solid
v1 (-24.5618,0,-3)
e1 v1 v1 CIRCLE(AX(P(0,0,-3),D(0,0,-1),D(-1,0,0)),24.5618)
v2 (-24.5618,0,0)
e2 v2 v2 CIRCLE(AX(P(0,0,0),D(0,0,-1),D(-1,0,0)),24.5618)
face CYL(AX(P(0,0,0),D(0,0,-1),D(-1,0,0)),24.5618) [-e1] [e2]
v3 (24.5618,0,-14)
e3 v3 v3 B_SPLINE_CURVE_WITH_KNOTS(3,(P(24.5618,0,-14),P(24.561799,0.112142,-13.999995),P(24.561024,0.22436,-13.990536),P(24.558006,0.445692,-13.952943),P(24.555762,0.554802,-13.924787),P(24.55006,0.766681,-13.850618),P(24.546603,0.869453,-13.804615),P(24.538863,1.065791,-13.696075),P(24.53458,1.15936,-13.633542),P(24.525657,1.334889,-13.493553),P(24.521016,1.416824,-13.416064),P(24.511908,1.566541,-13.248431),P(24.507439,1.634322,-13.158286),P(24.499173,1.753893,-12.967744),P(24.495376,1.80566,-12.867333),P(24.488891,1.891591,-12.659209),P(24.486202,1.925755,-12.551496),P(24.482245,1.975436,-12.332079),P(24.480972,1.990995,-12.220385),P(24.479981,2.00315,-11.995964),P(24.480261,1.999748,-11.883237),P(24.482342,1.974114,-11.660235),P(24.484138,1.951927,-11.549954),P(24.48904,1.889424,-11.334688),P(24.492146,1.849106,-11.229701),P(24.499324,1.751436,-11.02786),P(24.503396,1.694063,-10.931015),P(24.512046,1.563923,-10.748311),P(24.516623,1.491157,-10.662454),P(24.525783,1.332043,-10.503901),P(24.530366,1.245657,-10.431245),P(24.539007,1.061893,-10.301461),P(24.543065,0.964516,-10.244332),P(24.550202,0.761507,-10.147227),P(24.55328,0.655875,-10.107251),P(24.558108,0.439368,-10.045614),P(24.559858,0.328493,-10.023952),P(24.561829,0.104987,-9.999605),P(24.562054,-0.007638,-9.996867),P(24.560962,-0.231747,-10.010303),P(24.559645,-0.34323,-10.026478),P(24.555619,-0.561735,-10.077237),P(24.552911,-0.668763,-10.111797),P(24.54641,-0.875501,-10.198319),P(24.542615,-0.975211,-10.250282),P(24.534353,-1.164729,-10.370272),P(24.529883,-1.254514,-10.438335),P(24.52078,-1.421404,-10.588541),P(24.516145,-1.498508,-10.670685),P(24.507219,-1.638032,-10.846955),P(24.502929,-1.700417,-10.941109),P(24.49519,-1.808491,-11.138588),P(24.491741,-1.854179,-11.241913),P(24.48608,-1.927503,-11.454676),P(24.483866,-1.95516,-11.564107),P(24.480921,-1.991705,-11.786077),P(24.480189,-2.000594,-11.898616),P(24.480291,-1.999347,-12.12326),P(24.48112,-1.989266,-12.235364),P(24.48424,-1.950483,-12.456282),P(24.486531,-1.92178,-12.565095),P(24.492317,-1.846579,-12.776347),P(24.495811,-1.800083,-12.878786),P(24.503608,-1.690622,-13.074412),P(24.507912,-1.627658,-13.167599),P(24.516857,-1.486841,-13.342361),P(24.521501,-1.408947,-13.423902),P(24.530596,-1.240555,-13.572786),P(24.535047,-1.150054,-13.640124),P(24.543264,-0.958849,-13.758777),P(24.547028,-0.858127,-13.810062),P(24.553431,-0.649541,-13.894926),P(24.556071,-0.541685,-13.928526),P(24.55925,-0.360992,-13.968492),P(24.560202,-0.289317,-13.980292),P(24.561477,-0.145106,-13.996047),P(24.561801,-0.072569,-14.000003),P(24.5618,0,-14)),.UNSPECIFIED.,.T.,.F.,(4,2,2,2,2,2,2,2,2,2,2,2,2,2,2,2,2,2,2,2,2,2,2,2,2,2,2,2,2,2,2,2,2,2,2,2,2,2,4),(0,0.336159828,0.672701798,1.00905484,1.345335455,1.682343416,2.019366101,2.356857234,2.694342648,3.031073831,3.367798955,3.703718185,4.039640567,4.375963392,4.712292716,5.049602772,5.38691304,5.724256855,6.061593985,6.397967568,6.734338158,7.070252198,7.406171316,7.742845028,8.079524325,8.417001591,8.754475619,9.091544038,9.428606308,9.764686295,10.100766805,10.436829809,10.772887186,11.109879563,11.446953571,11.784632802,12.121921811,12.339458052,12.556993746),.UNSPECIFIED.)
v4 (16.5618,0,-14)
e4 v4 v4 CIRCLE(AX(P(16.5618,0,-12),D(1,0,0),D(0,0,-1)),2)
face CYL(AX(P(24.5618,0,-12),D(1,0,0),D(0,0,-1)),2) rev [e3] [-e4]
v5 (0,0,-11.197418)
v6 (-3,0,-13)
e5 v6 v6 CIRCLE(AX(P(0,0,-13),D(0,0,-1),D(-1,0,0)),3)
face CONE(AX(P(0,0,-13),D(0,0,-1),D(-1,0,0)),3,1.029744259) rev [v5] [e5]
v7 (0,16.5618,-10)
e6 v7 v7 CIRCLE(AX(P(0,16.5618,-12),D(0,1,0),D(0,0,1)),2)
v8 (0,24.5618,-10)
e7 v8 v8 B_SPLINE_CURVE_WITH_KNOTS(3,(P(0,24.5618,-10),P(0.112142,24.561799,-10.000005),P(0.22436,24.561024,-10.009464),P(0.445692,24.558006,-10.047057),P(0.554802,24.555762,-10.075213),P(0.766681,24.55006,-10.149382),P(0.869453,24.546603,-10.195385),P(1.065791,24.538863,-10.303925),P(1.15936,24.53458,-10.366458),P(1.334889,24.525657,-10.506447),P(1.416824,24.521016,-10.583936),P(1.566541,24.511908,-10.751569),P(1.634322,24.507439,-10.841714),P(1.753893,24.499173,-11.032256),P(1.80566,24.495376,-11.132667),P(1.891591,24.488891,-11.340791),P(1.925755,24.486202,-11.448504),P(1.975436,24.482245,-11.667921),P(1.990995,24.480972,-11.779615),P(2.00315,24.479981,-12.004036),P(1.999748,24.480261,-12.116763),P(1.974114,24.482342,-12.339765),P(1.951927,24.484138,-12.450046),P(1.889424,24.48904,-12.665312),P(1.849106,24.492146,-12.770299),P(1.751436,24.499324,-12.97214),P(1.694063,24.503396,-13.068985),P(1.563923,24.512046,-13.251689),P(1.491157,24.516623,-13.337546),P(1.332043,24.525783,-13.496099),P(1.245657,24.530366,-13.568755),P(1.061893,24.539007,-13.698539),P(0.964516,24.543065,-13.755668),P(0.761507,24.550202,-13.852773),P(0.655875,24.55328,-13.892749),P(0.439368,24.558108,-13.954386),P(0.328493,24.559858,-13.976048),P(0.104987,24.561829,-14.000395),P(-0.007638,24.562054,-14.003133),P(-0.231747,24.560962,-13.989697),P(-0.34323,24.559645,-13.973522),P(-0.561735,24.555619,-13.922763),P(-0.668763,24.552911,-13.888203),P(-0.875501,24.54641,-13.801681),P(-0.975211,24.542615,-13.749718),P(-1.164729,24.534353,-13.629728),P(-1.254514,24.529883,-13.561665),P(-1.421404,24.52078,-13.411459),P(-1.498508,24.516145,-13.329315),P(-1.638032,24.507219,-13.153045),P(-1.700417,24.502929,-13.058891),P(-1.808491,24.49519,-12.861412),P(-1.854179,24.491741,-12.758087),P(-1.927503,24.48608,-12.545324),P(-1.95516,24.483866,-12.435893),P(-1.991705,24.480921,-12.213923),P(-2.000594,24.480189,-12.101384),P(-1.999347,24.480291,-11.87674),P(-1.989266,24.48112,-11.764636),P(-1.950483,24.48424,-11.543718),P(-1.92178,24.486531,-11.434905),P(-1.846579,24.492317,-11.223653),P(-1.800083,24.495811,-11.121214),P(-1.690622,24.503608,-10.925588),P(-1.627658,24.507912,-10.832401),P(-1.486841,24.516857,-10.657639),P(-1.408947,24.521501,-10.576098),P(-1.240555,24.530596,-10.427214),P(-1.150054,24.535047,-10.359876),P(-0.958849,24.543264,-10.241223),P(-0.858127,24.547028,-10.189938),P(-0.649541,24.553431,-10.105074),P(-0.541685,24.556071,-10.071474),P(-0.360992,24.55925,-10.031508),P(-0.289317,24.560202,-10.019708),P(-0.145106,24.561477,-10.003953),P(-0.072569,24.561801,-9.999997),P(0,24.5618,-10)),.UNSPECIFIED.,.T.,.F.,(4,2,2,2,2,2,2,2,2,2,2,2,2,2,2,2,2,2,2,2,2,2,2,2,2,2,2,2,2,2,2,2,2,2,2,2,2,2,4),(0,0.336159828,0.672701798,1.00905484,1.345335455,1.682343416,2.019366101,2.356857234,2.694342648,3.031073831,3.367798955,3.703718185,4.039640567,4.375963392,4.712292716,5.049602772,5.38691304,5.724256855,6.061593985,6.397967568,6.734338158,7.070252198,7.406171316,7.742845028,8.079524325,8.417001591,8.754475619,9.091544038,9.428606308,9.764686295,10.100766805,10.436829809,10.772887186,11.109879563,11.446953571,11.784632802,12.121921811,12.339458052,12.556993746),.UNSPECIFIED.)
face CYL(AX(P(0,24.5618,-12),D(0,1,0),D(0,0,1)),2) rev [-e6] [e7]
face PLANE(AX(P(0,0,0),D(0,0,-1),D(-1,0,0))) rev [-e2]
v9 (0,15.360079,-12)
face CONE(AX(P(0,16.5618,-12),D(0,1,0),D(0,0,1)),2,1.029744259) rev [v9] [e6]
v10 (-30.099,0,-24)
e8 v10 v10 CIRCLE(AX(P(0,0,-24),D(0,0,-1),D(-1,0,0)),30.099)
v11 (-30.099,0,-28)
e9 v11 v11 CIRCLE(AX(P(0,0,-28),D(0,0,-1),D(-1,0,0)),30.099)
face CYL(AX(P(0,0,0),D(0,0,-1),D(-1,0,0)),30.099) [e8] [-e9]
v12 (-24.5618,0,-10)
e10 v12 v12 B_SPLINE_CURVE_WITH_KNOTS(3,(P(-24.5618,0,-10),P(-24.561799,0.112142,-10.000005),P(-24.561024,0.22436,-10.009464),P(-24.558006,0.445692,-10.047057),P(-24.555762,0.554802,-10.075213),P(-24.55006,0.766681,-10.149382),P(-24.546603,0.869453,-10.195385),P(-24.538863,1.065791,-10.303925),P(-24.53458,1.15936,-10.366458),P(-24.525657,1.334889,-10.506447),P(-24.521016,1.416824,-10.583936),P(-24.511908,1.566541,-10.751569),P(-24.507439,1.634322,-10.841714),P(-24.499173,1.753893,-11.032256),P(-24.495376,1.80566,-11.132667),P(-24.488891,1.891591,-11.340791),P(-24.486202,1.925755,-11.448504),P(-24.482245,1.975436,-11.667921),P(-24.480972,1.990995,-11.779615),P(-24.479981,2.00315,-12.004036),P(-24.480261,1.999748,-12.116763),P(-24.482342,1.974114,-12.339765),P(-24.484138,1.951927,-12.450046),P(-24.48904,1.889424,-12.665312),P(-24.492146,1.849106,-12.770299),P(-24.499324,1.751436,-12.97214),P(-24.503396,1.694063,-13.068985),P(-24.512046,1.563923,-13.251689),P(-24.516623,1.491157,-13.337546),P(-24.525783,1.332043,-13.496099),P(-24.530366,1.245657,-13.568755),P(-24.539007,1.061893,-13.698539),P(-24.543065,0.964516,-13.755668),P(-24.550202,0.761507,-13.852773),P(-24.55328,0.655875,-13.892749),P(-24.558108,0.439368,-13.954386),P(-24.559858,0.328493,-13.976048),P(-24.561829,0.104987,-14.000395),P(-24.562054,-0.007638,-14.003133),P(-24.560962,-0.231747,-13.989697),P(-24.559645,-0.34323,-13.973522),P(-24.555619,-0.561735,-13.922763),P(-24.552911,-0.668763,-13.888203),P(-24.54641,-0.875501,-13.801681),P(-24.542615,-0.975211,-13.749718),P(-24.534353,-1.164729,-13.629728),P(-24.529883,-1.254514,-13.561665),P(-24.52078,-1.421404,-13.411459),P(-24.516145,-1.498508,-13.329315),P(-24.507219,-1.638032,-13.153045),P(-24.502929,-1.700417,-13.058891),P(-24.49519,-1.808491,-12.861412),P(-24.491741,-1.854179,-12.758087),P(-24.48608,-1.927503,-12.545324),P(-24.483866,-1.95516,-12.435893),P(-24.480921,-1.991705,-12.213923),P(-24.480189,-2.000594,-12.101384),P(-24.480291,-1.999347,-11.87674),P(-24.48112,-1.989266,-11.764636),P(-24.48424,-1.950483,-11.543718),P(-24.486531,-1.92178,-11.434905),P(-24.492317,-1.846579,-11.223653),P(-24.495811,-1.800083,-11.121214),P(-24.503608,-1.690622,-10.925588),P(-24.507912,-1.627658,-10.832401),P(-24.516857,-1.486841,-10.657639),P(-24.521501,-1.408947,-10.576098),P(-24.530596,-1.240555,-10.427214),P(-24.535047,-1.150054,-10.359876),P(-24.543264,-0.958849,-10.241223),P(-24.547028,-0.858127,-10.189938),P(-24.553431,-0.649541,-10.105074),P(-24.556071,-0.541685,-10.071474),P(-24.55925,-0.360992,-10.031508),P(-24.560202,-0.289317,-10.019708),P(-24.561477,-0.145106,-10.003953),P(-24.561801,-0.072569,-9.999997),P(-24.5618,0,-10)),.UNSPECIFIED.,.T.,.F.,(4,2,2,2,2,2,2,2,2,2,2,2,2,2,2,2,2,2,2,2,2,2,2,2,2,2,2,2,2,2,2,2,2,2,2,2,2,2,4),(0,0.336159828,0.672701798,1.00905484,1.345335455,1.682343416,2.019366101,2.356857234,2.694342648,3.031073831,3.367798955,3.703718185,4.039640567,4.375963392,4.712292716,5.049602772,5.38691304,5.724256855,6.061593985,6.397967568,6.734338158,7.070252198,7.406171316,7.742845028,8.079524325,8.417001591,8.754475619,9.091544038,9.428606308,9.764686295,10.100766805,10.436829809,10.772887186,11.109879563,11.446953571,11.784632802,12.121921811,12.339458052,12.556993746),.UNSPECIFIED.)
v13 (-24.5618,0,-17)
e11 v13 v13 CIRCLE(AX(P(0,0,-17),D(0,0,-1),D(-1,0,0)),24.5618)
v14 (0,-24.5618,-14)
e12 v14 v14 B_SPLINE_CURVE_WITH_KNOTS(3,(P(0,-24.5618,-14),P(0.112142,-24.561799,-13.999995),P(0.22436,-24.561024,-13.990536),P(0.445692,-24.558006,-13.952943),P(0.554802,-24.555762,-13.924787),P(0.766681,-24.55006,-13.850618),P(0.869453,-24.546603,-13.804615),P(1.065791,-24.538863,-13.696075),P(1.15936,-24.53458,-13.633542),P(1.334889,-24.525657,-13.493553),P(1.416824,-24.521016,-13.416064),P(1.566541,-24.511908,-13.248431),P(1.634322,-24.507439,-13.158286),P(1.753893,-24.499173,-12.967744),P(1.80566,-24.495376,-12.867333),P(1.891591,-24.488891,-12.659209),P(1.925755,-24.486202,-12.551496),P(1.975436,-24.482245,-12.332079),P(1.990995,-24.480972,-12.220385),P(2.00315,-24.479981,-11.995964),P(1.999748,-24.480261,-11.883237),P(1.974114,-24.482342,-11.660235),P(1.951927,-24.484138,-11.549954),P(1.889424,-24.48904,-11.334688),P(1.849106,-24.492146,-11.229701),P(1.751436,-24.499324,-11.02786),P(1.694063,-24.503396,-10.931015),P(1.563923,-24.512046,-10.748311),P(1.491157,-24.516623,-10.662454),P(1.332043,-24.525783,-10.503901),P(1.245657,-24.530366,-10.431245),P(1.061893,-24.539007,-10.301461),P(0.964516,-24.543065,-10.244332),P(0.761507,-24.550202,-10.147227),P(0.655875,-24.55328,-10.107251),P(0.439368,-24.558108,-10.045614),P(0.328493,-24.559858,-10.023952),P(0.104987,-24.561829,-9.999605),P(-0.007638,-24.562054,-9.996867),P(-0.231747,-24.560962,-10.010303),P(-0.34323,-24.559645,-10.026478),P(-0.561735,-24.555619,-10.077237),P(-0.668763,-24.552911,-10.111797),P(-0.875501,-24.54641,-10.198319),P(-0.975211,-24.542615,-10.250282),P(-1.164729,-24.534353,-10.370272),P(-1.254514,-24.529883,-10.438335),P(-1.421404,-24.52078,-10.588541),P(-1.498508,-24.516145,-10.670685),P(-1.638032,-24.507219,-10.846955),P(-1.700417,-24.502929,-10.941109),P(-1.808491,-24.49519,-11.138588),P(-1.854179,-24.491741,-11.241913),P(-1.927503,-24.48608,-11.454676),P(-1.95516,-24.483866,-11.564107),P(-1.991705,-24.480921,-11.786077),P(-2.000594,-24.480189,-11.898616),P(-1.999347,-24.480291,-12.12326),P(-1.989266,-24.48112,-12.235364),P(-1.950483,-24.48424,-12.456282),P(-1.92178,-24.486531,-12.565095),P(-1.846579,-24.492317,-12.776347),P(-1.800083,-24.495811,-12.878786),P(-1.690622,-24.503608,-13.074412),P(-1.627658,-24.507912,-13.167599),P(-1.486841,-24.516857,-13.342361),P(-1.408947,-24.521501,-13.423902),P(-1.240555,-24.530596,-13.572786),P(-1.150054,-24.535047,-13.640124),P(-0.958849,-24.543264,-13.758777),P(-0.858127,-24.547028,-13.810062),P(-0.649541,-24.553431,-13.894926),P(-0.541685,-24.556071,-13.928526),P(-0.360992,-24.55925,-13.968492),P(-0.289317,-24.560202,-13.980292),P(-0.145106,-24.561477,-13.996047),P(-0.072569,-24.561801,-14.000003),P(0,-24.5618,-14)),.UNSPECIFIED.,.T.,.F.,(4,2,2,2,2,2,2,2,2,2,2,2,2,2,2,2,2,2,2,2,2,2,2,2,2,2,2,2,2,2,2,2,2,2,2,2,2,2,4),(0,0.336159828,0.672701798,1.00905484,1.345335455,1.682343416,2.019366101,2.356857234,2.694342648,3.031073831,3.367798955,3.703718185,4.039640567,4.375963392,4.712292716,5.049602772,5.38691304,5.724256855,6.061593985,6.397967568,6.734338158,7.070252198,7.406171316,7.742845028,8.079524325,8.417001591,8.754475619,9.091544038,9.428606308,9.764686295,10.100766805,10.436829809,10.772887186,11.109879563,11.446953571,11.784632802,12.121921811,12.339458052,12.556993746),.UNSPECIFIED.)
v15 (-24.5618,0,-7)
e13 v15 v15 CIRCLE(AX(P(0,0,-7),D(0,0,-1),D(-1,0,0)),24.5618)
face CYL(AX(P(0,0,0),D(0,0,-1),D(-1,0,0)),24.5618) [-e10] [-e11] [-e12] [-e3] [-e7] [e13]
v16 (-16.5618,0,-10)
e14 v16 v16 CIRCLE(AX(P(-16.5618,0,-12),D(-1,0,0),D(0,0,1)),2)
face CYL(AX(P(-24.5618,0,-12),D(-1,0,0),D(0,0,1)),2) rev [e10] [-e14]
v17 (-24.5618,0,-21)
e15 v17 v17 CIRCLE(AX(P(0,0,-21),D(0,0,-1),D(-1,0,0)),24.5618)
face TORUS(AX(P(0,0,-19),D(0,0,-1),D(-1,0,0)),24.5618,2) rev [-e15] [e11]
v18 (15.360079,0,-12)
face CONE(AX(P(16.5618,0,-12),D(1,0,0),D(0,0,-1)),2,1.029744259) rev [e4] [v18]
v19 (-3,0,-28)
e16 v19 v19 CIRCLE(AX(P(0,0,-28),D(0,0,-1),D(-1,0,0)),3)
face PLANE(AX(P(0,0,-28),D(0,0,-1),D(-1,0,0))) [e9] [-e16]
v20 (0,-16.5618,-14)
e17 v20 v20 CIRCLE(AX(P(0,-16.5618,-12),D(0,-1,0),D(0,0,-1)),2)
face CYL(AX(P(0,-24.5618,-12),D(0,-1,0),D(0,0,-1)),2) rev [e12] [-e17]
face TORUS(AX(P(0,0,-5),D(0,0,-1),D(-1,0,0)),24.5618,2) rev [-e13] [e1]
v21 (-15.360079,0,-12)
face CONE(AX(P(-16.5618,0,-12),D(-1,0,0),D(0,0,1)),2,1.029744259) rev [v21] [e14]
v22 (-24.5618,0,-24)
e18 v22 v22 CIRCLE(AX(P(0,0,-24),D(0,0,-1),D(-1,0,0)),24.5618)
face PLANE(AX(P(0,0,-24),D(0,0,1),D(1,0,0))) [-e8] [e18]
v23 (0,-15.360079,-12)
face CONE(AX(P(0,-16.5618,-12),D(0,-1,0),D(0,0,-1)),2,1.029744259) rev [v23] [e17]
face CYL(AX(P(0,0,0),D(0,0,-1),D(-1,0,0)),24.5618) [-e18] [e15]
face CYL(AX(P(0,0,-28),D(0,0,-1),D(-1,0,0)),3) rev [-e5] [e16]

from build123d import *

# Parameters (mm, degrees)
F_4_0MM_DOWEL_HOLE2_D               = 4
F_4_0MM_DOWEL_HOLE2_DEPTH           = 8
F_4_0MM_DOWEL_HOLE2_TIP             = 1.201721238
F_4_0MM_DOWEL_HOLE2_ON_FACE_2_D     = 4
F_4_0MM_DOWEL_HOLE2_ON_FACE_2_DEPTH = 8
F_4_0MM_DOWEL_HOLE2_ON_FACE_2_TIP   = 1.201721238
F_4_0MM_DOWEL_HOLE2_ON_FACE_3_D     = 4
F_4_0MM_DOWEL_HOLE2_ON_FACE_3_DEPTH = 8
F_4_0MM_DOWEL_HOLE2_ON_FACE_3_TIP   = 1.201721238
F_4_0MM_DOWEL_HOLE2_ON_FACE_4_D     = 4
F_4_0MM_DOWEL_HOLE2_ON_FACE_4_DEPTH = 8
F_4_0MM_DOWEL_HOLE2_ON_FACE_4_TIP   = 1.201721238
F_6_0MM_DOWEL_HOLE1_D               = 6
F_6_0MM_DOWEL_HOLE1_DEPTH           = 15
F_6_0MM_DOWEL_HOLE1_TIP             = 1.802581857


with BuildPart() as part:
    # Sketch1 → Revolve1 (revolve)
    with BuildSketch(Plane(origin=(0, 0, 0), x_dir=(1, 0, 0), z_dir=(0, 1, 0)), mode=Mode.PRIVATE) as revolve1_sk:
        with BuildLine():
            Line((0, 28), (0, 0))
            Line((0, 0), (24.5618, 0))
            Line((24.5618, 0), (24.5618, 3))
            ThreePointArc((24.5618, 3), (22.5618, 5), (24.5618, 7))
            Line((24.5618, 7), (24.5618, 17))
            ThreePointArc((24.5618, 17), (22.5618, 19), (24.5618, 21))
            Line((24.5618, 21), (24.5618, 24))
            Line((24.5618, 24), (30.099, 24))
            Line((30.099, 24), (30.099, 28))
            Line((30.099, 28), (0, 28))
        make_face()
    revolve(revolve1_sk.sketch.rotate(Axis((0, 0, 0), (0, 0, 1)), 180), axis=Axis((0, 0, 0), (0, 0, 1)))

    # Ø4.0mm Dowel Hole2
    with Locations(Plane(origin=(0, 24.5618, -12), x_dir=(1, 0, 0), z_dir=(0, 1, 0))):
        with Locations((0, 0)):
            Hole(F_4_0MM_DOWEL_HOLE2_D / 2, depth=F_4_0MM_DOWEL_HOLE2_DEPTH)
            with Locations((0, 0, -(F_4_0MM_DOWEL_HOLE2_DEPTH + F_4_0MM_DOWEL_HOLE2_TIP / 2))):  # 118° drill point
                Cone(0, F_4_0MM_DOWEL_HOLE2_D / 2, F_4_0MM_DOWEL_HOLE2_TIP, mode=Mode.SUBTRACT)

    # Ø4.0mm Dowel Hole2 on face 2
    with Locations(Plane(origin=(24.5618, 0, -12), x_dir=(0, 0, 1), z_dir=(1, 0, 0))):
        with Locations((0, 0)):
            Hole(F_4_0MM_DOWEL_HOLE2_ON_FACE_2_D / 2, depth=F_4_0MM_DOWEL_HOLE2_ON_FACE_2_DEPTH)
            with Locations((0, 0, -(F_4_0MM_DOWEL_HOLE2_ON_FACE_2_DEPTH + F_4_0MM_DOWEL_HOLE2_ON_FACE_2_TIP / 2))):  # 118° drill point
                Cone(0, F_4_0MM_DOWEL_HOLE2_ON_FACE_2_D / 2, F_4_0MM_DOWEL_HOLE2_ON_FACE_2_TIP, mode=Mode.SUBTRACT)

    # Ø4.0mm Dowel Hole2 on face 3
    with Locations(Plane(origin=(0, -24.5618, -12), x_dir=(0, 0, -1), z_dir=(0, -1, 0))):
        with Locations((0, 0)):
            Hole(F_4_0MM_DOWEL_HOLE2_ON_FACE_3_D / 2, depth=F_4_0MM_DOWEL_HOLE2_ON_FACE_3_DEPTH)
            with Locations((0, 0, -(F_4_0MM_DOWEL_HOLE2_ON_FACE_3_DEPTH + F_4_0MM_DOWEL_HOLE2_ON_FACE_3_TIP / 2))):  # 118° drill point
                Cone(0, F_4_0MM_DOWEL_HOLE2_ON_FACE_3_D / 2, F_4_0MM_DOWEL_HOLE2_ON_FACE_3_TIP, mode=Mode.SUBTRACT)

    # Ø4.0mm Dowel Hole2 on face 4
    with Locations(Plane(origin=(-24.5618, 0, -12), x_dir=(0, 0, -1), z_dir=(-1, 0, 0))):
        with Locations((0, 0)):
            Hole(F_4_0MM_DOWEL_HOLE2_ON_FACE_4_D / 2, depth=F_4_0MM_DOWEL_HOLE2_ON_FACE_4_DEPTH)
            with Locations((0, 0, -(F_4_0MM_DOWEL_HOLE2_ON_FACE_4_DEPTH + F_4_0MM_DOWEL_HOLE2_ON_FACE_4_TIP / 2))):  # 118° drill point
                Cone(0, F_4_0MM_DOWEL_HOLE2_ON_FACE_4_D / 2, F_4_0MM_DOWEL_HOLE2_ON_FACE_4_TIP, mode=Mode.SUBTRACT)

    # Ø6.0mm Dowel Hole1
    with Locations(Plane(origin=(0, 0, -28), x_dir=(-1, 0, 0), z_dir=(0, 0, -1))):
        with Locations((0, 0)):
            Hole(F_6_0MM_DOWEL_HOLE1_D / 2, depth=F_6_0MM_DOWEL_HOLE1_DEPTH)
            with Locations((0, 0, -(F_6_0MM_DOWEL_HOLE1_DEPTH + F_6_0MM_DOWEL_HOLE1_TIP / 2))):  # 118° drill point
                Cone(0, F_6_0MM_DOWEL_HOLE1_D / 2, F_6_0MM_DOWEL_HOLE1_TIP, mode=Mode.SUBTRACT)


solid = part.part
